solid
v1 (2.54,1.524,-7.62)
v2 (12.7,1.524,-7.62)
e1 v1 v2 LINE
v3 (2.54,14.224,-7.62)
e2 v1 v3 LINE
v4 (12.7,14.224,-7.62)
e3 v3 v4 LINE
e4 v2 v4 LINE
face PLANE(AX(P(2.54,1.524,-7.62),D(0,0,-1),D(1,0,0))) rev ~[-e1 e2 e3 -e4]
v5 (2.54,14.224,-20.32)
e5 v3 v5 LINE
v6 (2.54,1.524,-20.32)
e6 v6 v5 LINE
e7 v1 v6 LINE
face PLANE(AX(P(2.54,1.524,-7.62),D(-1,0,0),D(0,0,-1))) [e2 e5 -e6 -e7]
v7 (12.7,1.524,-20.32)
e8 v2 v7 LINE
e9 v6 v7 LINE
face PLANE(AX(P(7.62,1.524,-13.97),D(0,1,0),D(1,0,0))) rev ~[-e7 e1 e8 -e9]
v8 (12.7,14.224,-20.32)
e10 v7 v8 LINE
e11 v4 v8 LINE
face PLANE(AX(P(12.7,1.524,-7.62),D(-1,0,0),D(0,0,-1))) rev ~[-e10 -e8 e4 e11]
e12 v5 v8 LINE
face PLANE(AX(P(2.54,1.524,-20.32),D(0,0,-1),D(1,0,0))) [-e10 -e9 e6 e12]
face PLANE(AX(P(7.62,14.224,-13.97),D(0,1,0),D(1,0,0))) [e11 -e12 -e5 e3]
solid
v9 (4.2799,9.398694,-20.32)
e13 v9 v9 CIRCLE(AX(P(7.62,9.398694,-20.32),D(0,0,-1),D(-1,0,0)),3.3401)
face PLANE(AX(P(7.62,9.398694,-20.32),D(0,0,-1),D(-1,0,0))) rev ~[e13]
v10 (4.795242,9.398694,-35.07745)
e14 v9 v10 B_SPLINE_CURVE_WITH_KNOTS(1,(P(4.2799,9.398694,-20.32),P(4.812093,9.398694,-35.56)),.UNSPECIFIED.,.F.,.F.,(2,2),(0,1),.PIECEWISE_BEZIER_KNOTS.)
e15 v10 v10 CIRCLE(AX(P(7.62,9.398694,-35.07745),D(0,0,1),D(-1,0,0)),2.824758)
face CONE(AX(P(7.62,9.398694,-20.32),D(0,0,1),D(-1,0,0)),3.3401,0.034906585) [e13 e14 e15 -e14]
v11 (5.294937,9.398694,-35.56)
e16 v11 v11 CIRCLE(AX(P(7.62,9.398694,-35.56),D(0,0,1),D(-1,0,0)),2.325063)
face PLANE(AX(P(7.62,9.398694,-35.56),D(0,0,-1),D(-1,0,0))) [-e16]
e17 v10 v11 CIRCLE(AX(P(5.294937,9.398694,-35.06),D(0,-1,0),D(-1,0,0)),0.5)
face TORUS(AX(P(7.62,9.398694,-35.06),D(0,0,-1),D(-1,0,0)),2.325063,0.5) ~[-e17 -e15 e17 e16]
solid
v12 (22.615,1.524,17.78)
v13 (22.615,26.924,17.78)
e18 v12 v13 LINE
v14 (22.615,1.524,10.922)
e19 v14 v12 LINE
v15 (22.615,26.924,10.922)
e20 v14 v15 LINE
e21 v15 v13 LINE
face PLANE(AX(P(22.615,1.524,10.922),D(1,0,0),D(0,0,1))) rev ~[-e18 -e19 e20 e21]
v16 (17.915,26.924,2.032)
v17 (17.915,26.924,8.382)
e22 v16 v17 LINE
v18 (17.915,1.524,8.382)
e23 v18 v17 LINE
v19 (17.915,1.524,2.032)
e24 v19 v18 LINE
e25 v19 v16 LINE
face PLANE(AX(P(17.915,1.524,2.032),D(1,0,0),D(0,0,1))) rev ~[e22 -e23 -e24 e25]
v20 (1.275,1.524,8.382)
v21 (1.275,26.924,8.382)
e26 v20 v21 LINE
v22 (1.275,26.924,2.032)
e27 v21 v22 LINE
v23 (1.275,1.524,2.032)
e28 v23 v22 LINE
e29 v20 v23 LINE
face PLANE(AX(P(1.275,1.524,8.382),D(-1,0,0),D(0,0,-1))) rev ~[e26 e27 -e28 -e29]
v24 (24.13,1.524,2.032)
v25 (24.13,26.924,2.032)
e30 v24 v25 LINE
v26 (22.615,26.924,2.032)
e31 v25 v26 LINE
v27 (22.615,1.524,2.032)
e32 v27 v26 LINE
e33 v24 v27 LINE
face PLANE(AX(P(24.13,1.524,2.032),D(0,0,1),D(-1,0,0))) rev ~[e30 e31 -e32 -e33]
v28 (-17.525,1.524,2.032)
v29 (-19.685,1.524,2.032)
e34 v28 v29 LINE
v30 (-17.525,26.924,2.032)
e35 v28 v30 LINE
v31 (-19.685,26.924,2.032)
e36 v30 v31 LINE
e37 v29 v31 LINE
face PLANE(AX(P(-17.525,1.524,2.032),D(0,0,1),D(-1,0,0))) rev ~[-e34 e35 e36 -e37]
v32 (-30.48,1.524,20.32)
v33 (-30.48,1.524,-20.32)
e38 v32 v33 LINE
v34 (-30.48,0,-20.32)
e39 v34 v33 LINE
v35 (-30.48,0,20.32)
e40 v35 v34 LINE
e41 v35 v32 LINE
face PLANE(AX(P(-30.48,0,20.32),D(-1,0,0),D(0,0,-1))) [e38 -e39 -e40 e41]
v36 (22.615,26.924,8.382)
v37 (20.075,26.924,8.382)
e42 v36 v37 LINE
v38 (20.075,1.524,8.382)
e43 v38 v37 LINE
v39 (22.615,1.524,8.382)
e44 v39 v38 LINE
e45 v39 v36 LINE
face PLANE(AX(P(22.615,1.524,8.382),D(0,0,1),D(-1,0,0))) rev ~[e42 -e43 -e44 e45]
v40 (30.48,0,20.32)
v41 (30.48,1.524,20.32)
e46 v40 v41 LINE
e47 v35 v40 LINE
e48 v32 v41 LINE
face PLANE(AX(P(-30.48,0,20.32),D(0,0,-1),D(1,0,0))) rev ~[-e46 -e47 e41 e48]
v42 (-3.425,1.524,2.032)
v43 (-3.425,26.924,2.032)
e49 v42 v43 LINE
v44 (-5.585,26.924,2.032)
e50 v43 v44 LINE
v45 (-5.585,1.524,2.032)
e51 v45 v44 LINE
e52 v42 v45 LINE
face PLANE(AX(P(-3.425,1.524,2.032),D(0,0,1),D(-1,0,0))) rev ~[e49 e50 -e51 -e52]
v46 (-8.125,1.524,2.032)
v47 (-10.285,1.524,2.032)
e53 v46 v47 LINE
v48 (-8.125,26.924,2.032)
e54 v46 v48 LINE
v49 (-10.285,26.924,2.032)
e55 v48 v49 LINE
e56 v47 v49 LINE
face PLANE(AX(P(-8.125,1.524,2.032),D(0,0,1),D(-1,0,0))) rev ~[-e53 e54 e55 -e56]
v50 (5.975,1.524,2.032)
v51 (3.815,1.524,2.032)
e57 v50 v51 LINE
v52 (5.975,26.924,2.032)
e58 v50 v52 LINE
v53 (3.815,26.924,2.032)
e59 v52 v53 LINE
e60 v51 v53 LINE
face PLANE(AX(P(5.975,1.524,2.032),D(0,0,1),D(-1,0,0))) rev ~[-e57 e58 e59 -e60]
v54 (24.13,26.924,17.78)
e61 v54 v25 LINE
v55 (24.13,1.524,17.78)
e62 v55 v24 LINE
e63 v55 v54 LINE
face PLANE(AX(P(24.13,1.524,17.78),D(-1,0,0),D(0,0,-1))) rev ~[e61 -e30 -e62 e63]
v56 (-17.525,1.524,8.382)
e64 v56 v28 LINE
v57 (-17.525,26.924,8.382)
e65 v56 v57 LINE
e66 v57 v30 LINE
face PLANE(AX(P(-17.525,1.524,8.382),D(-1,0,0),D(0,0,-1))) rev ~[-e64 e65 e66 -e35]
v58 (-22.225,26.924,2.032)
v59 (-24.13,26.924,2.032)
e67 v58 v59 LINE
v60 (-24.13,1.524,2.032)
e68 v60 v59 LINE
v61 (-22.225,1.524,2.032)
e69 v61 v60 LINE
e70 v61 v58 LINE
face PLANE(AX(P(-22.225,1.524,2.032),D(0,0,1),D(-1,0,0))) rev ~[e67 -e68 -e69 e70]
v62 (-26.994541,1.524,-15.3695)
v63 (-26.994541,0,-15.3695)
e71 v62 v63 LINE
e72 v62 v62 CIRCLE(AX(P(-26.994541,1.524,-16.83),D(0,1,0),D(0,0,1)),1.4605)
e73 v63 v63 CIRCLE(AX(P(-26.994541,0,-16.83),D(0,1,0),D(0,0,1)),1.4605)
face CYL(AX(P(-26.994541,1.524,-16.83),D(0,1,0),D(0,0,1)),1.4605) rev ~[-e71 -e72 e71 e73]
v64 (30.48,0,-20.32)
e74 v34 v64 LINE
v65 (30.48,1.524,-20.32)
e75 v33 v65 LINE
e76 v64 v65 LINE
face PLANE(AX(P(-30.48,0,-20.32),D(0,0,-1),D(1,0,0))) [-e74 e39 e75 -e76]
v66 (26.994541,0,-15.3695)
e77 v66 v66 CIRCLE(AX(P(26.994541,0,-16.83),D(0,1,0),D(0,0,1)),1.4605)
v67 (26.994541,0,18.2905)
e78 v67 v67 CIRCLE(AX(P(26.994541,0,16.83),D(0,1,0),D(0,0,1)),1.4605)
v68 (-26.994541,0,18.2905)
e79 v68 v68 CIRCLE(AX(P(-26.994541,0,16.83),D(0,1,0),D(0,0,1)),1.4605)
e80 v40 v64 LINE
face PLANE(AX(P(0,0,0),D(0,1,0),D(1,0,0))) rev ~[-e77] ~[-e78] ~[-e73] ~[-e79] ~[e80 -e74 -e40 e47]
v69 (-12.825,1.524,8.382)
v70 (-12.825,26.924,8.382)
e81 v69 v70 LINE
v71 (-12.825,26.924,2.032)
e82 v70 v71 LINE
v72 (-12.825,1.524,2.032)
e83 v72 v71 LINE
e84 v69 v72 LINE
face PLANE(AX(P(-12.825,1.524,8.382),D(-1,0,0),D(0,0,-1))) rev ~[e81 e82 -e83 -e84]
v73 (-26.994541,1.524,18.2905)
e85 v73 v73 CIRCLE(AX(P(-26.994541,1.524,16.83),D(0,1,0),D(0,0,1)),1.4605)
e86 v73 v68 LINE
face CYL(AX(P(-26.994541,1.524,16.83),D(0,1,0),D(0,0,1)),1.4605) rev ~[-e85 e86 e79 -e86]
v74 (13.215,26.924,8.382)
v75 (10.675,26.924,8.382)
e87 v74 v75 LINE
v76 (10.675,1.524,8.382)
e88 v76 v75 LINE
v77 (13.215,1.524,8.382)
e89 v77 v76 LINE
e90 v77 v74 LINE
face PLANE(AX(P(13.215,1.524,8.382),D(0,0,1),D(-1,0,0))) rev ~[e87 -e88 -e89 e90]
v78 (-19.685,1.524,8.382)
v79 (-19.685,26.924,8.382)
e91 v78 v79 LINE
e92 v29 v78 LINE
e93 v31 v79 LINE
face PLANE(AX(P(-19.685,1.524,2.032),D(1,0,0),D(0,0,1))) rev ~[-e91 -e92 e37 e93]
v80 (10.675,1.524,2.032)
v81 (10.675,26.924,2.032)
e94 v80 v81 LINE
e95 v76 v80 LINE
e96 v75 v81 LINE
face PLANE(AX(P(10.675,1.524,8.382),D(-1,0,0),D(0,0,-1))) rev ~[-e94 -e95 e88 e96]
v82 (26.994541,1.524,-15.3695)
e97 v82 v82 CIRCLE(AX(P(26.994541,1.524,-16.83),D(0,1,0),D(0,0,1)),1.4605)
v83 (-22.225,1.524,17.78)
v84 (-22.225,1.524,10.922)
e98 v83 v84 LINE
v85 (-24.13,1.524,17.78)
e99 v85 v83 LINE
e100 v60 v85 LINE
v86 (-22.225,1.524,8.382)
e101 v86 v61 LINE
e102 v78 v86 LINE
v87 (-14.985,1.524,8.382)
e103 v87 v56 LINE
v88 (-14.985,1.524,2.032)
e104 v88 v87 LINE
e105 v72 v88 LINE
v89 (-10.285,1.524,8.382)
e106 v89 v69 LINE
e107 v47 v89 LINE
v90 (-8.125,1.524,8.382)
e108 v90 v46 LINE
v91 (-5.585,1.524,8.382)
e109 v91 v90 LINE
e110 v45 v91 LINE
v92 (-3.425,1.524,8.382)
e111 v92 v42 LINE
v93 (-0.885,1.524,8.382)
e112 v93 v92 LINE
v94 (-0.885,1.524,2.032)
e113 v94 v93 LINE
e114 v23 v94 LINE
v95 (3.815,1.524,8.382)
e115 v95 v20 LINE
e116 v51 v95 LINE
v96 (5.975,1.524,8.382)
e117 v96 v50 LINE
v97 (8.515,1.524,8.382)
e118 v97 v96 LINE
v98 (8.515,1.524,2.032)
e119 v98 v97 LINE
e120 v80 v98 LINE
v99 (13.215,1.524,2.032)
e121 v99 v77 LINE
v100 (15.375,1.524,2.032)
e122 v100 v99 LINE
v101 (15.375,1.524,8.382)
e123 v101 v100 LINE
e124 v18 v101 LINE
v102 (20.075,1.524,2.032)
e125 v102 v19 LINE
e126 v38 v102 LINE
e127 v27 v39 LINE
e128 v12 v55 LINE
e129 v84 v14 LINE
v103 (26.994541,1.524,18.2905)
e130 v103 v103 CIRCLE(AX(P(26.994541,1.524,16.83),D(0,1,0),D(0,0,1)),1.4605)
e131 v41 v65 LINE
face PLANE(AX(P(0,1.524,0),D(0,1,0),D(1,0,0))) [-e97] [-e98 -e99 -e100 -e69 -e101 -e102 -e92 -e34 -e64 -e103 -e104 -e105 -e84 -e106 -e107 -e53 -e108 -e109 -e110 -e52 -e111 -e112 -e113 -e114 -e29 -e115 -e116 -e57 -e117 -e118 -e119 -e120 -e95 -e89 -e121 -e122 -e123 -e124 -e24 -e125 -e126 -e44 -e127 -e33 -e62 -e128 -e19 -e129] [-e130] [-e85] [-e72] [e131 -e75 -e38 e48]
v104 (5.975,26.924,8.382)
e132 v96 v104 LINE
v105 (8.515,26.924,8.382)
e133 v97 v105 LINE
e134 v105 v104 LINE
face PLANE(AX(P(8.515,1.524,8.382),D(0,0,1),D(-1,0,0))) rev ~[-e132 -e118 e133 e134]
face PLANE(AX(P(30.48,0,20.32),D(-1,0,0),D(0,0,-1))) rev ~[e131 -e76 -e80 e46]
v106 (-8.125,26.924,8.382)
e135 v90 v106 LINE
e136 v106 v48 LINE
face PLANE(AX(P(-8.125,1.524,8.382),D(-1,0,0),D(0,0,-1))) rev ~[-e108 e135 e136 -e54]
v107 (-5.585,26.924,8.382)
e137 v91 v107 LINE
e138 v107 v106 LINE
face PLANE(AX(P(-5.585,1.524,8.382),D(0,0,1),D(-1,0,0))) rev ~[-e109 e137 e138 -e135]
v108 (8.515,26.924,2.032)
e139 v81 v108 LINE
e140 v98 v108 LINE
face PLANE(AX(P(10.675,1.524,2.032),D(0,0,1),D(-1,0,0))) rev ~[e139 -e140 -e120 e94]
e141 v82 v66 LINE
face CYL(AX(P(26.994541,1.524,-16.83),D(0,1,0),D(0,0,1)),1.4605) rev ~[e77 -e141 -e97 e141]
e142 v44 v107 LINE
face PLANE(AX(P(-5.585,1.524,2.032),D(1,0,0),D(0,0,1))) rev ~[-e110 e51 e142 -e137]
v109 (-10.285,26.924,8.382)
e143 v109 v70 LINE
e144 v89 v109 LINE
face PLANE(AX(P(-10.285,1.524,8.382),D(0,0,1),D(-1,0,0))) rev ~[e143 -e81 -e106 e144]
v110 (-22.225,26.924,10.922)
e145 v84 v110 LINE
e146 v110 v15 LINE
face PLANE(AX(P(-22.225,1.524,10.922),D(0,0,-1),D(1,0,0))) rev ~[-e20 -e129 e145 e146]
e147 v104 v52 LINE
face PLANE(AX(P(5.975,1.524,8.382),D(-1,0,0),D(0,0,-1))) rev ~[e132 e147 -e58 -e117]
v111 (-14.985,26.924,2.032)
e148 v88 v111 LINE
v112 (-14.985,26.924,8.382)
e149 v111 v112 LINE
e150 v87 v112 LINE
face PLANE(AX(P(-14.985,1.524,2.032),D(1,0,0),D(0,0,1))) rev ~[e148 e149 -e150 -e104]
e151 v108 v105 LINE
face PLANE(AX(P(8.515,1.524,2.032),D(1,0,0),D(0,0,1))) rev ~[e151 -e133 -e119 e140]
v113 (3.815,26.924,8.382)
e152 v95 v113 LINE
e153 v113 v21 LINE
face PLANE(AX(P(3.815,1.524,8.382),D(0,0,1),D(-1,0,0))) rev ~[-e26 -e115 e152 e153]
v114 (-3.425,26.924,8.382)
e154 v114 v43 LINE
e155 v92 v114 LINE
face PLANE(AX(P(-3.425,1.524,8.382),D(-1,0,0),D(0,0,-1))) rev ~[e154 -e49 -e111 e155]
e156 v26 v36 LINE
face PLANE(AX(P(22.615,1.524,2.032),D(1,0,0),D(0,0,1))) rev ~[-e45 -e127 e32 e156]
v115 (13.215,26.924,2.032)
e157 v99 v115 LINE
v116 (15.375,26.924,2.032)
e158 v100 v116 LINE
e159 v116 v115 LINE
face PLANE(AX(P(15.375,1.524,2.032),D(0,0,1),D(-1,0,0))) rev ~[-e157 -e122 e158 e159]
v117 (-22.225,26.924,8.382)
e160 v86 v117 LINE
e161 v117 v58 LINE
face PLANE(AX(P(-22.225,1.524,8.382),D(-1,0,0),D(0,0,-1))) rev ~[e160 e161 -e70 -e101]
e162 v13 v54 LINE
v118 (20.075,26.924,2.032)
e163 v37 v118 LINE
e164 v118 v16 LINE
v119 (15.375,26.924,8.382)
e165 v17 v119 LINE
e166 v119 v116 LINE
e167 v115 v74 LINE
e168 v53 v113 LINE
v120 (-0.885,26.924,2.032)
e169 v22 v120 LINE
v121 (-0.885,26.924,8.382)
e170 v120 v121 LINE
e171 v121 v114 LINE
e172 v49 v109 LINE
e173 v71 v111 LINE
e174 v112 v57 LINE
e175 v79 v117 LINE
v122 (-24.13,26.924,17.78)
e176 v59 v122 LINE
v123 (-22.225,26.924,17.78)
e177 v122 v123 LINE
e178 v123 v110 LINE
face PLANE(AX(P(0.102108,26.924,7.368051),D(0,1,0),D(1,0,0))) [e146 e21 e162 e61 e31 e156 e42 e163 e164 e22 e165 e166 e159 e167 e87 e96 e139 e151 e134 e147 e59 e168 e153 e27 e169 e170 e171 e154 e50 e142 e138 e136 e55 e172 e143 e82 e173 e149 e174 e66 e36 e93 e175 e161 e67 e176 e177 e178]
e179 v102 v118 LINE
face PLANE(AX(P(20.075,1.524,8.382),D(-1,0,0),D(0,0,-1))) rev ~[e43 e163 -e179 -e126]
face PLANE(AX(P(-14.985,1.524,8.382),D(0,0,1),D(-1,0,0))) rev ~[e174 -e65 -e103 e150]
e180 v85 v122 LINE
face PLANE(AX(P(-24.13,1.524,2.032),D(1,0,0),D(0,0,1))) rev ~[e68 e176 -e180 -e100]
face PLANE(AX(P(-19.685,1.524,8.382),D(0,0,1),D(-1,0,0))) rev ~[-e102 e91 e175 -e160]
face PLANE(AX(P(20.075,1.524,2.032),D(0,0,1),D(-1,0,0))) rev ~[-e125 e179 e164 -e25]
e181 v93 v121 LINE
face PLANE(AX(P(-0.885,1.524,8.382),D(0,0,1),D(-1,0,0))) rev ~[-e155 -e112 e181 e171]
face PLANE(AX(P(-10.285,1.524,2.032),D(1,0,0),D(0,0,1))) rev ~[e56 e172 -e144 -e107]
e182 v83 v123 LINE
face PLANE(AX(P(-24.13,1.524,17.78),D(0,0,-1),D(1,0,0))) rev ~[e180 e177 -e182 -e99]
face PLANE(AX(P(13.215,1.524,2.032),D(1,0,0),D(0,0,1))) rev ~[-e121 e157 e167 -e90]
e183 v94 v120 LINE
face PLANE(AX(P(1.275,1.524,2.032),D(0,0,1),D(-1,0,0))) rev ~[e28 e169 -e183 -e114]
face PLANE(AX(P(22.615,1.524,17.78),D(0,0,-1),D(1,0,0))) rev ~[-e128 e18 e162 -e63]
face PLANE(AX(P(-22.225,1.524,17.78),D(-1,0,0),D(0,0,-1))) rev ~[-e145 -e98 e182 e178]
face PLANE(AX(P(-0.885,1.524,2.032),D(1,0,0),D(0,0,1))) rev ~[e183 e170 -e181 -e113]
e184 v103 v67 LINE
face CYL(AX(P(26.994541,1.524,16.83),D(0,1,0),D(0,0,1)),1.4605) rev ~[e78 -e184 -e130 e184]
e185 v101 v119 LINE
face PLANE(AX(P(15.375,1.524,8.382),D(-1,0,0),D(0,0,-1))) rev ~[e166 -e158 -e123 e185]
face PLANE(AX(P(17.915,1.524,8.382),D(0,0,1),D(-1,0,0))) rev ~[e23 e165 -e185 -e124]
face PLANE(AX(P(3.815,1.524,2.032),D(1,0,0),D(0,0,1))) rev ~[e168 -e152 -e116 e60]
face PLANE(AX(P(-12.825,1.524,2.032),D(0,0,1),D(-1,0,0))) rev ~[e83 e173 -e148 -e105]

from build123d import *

# Parameters (mm, degrees)
SKETCH1_W           = 60.96
SKETCH1_H           = 40.64
BOSS_EXTRUDE1_DEPTH = 1.524
BOSS_EXTRUDE2_DEPTH = 25.4
SKETCH3_R           = 1.4605
CUT_EXTRUDE1_DEPTH  = 45.576819088
SKETCH4_W           = 10.16
SKETCH4_H           = 12.7
BOSS_EXTRUDE3_DEPTH = 12.7
SKETCH5_R           = 3.3401
BOSS_EXTRUDE4_DEPTH = 15.24
BOSS_EXTRUDE4_TAPER = 2
FILLET1_R           = 0.5


with BuildPart() as part:
    # Sketch1 → Boss-Extrude1 (new body)
    with BuildSketch(Plane(origin=(0, 0, 0), x_dir=(1, 0, 0), z_dir=(0, 1, 0))):
        Rectangle(SKETCH1_W, SKETCH1_H)
    extrude(amount=BOSS_EXTRUDE1_DEPTH)

    # Sketch2 → Boss-Extrude2 (add)
    with BuildSketch(Plane(origin=(0, 1.524, 0), x_dir=(1, 0, 0), z_dir=(0, 1, 0))):
        Polygon((-14.985, -2.032), (-14.985, -8.382), (-17.525, -8.382), (-17.525, -2.032), (-19.685, -2.032), (-19.685, -8.382), (-22.225, -8.382), (-22.225, -2.032), (-24.13, -2.032), (-24.13, -17.78), (-22.225, -17.78), (-22.225, -10.922), (22.615, -10.922), (22.615, -17.78), (24.13, -17.78), (24.13, -2.032), (22.615, -2.032), (22.615, -8.382), (20.075, -8.382), (20.075, -2.032), (17.915, -2.032), (17.915, -8.382), (15.375, -8.382), (15.375, -2.032), (13.215, -2.032), (13.215, -8.382), (10.675, -8.382), (10.675, -2.032), (8.515, -2.032), (8.515, -8.382), (5.975, -8.382), (5.975, -2.032), (3.815, -2.032), (3.815, -8.382), (1.275, -8.382), (1.275, -2.032), (-0.885, -2.032), (-0.885, -8.382), (-3.425, -8.382), (-3.425, -2.032), (-5.585, -2.032), (-5.585, -8.382), (-8.125, -8.382), (-8.125, -2.032), (-10.285, -2.032), (-10.285, -8.382), (-12.825, -8.382), (-12.825, -2.032), align=None)
    extrude(amount=BOSS_EXTRUDE2_DEPTH)

    # Sketch3 → Cut-Extrude1 (cut, through all)
    with BuildSketch(Plane(origin=(0, 1.524, 0), x_dir=(1, 0, 0), z_dir=(0, 1, 0))):
        with Locations(Location((-26.994541112, 16.83, 0), (0, 0, 270))):
            Circle(SKETCH3_R)
        with Locations(Location((26.994541112, 16.83, 0), (0, 0, 270))):
            Circle(SKETCH3_R)
        with Locations(Location((26.994541112, -16.83, 0), (0, 0, 270))):
            Circle(SKETCH3_R)
        with Locations(Location((-26.994541112, -16.83, 0), (0, 0, 270))):
            Circle(SKETCH3_R)
    extrude(amount=-CUT_EXTRUDE1_DEPTH, mode=Mode.SUBTRACT)


with BuildPart() as body_2:
    # Sketch4 → Boss-Extrude3 (new body)
    with BuildSketch(Plane(origin=(0, 1.524, 0), x_dir=(1, 0, 0), z_dir=(0, 1, 0))):
        with Locations((7.62, 13.97)):
            Rectangle(SKETCH4_W, SKETCH4_H)
    extrude(amount=BOSS_EXTRUDE3_DEPTH)


with BuildPart() as body_3:
    # Sketch5 → Boss-Extrude4 (new body)
    with BuildSketch(Plane(origin=(0, 0, -20.32), x_dir=(-1, 0, 0), z_dir=(0, 0, -1))):
        with Locations((-7.62, 9.398694036)):
            Circle(SKETCH5_R)
    extrude(amount=BOSS_EXTRUDE4_DEPTH, taper=BOSS_EXTRUDE4_TAPER)

    # Fillet1
    fillet1_edges = [body_3.edges().sort_by_distance(p)[0] for p in [
        (10.427907473, 9.398694036, -35.56),
    ]]
    fillet(fillet1_edges, radius=FILLET1_R)


solid = Compound([part.part, body_2.part, body_3.part])
